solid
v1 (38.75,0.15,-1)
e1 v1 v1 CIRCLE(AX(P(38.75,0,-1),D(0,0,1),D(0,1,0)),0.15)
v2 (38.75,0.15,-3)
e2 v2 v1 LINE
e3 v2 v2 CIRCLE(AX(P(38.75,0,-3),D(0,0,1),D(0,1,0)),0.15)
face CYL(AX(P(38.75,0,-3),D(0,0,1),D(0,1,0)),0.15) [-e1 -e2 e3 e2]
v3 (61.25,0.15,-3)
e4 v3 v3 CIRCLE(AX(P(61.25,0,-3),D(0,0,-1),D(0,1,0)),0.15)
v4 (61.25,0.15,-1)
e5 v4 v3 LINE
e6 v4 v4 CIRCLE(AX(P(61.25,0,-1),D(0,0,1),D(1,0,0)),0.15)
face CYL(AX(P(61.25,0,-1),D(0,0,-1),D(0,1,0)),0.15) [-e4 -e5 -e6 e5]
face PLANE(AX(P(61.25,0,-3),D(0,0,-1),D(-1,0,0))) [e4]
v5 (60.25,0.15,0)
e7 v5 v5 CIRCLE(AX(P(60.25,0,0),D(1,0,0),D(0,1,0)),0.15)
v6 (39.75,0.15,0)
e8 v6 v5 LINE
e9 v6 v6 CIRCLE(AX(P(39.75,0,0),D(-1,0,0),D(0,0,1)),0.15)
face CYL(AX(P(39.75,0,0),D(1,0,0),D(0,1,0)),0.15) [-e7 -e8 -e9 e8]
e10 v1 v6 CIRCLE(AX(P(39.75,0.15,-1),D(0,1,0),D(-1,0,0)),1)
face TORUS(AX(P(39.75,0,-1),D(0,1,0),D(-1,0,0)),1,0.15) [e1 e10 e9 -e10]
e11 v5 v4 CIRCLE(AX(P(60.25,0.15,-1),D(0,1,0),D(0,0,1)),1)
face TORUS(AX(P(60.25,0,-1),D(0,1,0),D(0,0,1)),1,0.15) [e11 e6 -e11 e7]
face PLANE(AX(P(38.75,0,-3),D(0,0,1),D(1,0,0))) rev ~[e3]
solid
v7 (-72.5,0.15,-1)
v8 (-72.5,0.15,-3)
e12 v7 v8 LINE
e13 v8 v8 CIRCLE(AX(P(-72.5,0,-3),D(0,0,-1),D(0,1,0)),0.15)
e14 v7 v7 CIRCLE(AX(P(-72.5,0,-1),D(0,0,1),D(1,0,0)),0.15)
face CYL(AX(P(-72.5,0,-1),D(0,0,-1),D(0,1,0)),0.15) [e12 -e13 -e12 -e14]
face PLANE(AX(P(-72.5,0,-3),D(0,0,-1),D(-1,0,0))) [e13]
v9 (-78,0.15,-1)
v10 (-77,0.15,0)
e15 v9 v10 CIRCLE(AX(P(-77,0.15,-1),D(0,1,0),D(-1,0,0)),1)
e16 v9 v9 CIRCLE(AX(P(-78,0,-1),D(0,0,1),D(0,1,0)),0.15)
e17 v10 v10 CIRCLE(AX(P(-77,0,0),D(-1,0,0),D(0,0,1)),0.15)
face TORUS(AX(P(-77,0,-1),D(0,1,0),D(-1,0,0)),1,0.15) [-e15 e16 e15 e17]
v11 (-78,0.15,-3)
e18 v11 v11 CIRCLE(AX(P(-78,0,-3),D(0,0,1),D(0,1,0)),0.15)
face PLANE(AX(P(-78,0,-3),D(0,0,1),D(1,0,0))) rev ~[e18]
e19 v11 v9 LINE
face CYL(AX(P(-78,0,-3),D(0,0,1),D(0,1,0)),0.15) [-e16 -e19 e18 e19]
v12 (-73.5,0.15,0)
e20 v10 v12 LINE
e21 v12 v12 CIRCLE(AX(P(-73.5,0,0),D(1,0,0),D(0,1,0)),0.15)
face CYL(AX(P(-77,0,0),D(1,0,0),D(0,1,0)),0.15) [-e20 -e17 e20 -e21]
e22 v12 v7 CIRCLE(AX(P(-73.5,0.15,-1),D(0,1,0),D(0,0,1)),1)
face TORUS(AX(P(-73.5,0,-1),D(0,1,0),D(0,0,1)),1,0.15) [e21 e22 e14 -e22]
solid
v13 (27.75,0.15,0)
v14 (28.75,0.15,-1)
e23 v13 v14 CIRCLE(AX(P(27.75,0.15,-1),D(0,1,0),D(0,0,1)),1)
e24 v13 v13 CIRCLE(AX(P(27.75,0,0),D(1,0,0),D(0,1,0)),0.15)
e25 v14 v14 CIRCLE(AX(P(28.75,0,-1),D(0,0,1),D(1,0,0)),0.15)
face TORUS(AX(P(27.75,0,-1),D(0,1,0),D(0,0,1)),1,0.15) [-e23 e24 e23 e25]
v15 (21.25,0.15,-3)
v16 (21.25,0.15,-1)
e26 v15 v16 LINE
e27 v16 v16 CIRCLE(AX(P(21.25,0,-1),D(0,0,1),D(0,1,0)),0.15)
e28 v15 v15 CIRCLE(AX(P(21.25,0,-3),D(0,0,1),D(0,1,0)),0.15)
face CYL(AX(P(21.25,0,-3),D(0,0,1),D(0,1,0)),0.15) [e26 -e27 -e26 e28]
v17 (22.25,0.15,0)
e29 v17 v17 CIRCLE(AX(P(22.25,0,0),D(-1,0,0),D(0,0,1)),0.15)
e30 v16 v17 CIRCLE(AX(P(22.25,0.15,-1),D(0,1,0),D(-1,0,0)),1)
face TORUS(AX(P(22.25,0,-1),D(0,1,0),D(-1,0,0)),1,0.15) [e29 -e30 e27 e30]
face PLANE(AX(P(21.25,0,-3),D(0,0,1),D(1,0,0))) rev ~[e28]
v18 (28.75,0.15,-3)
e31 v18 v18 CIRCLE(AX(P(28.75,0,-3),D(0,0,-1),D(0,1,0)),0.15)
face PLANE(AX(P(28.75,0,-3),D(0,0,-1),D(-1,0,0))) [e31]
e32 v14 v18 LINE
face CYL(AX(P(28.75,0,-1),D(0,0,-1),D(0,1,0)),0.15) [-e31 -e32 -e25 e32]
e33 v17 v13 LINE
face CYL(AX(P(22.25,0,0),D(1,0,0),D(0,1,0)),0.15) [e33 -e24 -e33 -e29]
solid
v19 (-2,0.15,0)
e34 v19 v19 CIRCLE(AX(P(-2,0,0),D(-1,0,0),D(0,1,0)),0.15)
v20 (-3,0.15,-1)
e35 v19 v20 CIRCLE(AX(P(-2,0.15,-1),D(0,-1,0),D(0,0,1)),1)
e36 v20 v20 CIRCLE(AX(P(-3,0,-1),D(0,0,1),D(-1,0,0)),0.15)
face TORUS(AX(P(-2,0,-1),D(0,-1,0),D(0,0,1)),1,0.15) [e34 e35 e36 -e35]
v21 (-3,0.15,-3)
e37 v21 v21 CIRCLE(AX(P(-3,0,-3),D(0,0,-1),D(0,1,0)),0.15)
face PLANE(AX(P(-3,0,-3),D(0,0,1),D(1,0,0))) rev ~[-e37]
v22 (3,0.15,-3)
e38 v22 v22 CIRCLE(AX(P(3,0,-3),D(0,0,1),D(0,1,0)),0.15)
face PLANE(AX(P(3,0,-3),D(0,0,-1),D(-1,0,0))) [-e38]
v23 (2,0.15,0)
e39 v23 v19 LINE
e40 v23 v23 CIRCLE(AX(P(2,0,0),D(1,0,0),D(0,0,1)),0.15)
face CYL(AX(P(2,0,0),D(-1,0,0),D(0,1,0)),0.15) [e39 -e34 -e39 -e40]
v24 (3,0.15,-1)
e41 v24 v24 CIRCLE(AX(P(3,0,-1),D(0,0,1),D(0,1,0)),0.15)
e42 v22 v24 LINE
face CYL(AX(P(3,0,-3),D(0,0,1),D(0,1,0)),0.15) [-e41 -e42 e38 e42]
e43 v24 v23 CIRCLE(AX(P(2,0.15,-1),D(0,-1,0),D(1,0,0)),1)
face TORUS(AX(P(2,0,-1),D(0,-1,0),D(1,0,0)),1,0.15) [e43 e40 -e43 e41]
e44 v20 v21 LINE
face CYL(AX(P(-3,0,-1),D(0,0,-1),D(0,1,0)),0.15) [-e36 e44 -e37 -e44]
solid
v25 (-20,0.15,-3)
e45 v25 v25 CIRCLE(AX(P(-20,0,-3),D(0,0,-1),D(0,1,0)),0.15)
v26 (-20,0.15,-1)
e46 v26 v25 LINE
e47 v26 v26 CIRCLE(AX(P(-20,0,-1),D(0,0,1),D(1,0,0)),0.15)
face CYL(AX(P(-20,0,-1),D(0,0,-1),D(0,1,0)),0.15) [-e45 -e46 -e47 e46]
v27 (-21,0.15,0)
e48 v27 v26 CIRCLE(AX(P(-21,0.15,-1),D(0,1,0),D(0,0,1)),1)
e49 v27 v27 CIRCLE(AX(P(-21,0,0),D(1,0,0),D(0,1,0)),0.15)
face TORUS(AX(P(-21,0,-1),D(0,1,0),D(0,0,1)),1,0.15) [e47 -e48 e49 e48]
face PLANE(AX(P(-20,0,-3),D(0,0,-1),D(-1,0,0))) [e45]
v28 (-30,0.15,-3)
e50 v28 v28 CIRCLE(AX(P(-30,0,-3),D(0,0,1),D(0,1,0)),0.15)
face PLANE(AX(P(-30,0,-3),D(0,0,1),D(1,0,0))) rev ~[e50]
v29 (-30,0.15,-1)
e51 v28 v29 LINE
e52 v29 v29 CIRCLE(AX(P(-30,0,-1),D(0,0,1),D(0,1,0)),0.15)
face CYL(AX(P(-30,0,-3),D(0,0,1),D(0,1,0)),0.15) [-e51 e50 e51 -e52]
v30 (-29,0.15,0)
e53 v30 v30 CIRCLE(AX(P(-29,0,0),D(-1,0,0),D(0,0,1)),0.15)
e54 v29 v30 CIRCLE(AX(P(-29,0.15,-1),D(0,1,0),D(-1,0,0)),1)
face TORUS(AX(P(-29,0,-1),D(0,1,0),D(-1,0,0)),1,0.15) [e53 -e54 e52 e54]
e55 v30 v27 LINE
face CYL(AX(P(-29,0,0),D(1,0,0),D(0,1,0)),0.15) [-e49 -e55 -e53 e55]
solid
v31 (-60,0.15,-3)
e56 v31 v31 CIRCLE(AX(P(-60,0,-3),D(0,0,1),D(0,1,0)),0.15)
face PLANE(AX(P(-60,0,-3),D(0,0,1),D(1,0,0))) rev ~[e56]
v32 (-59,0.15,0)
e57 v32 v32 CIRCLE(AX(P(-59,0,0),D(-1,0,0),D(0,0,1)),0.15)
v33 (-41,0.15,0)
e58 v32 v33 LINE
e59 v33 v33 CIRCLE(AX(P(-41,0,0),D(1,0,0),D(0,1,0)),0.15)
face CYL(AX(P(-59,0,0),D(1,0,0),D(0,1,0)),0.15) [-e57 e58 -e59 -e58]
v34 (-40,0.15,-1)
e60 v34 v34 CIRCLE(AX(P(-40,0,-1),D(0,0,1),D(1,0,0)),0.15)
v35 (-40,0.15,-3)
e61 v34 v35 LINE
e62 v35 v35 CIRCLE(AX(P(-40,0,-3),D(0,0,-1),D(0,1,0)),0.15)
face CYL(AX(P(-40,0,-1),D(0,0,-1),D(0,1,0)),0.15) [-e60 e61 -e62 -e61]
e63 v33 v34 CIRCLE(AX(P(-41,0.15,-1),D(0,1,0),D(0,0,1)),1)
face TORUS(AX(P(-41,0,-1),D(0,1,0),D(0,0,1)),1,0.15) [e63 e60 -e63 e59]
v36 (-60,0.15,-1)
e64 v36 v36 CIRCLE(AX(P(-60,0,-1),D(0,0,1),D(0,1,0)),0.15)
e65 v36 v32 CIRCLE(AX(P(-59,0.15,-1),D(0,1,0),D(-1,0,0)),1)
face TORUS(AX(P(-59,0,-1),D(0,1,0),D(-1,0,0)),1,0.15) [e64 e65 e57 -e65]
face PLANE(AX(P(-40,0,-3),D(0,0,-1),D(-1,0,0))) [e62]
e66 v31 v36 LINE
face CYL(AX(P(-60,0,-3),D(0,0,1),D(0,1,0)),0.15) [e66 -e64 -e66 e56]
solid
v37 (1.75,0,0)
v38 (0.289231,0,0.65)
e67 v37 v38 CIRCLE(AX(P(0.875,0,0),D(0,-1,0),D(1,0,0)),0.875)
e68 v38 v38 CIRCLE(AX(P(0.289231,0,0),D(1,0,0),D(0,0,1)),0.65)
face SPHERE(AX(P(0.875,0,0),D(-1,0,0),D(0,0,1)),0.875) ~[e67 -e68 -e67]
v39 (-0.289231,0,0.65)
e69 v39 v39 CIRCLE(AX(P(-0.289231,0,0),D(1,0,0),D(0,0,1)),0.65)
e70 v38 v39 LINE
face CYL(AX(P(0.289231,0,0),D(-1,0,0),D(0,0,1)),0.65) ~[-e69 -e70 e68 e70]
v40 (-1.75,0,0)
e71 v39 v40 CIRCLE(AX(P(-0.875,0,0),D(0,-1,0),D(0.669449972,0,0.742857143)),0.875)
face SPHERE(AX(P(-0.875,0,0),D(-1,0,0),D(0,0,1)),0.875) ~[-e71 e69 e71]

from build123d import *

# Parameters (mm, degrees)
F3_R  = 0.15
F9_R  = 0.15
F10_R = 0.15
F17_R = 0.15
F18_R = 0.15
F23_R = 0.15


with BuildPart() as f1:
    # F0 (on Front) → F1 (revolve)
    with BuildSketch(Plane.XZ):
        with BuildLine():
            ThreePointArc((-0.2892312743, 0.65), (-1.2307227607, 0.7994287445), (-1.75, 0))
            Line((-1.75, 0), (-0.875, 0))
            Line((-0.875, 0), (-0.875, 0.65))
            Line((-0.875, 0.65), (-0.2892312743, 0.65))
        make_face()
        with BuildLine():
            Line((-0.875, 0), (0, 0))
            ThreePointArc((0, 0), (-0.0755712555, 0.3557227607), (-0.2892312743, 0.65))
            Line((-0.2892312743, 0.65), (-0.875, 0.65))
            Line((-0.875, 0.65), (-0.875, 0))
        make_face()
        with BuildLine():
            Line((0, 0), (0.875, 0))
            Line((0.875, 0), (0.875, 0.65))
            Line((0.875, 0.65), (0.2892312743, 0.65))
            ThreePointArc((0.2892312743, 0.65), (0.0755712555, 0.3557227607), (0, 0))
        make_face()
        with BuildLine():
            Line((0.875, 0.65), (0.875, 0))
            Line((0.875, 0), (1.75, 0))
            ThreePointArc((1.75, 0), (1.2307227607, 0.7994287445), (0.2892312743, 0.65))
            Line((0.2892312743, 0.65), (0.875, 0.65))
        make_face()
        with BuildLine():
            ThreePointArc((-0.2892312743, 0.65), (-0.0755712555, 0.3557227607), (0, 0))
            ThreePointArc((0, 0), (0.0755712555, 0.3557227607), (0.2892312743, 0.65))
            Line((0.2892312743, 0.65), (-0.2892312743, 0.65))
        make_face()
    revolve(axis=Axis((0, 0, 0), (1, 0, 0)))


with BuildPart() as f4:
    # F4: sweep along a path in F2
    with BuildLine(Plane.XZ) as f4_path:
        Line((3, -3), (3, -1))
        ThreePointArc((3, -1), (2.7071067812, -0.2928932188), (2, 0))
        Line((2, 0), (0, 0))
        Line((0, 0), (-2, 0))
        ThreePointArc((-2, 0), (-2.7071067812, -0.2928932188), (-3, -1))
        Line((-3, -1), (-3, -3))
    # F3 (on Right) → F4 (sweep)
    with BuildSketch(Plane.YZ):
        Circle(F3_R)
    sweep(path=f4_path.line)


with BuildPart() as f11:
    # F11: sweep along a path in F7
    with BuildLine(Plane.XZ) as f11_path:
        Line((21.25, -3), (21.25, -1))
        ThreePointArc((21.25, -1), (21.5428932188, -0.2928932188), (22.25, 0))
        Line((22.25, 0), (25, 0))
        Line((25, 0), (27.75, 0))
        ThreePointArc((27.75, 0), (28.4571067812, -0.2928932188), (28.75, -1))
        Line((28.75, -1), (28.75, -3))
    # F9 (on offset) → F11 (sweep)
    with BuildSketch(Plane.YZ.offset(25)):
        Circle(F9_R)
    sweep(path=f11_path.line)


with BuildPart() as f12:
    # F12: sweep along a path in F8
    with BuildLine(Plane.XZ) as f12_path:
        Line((38.75, -3), (38.75, -1))
        ThreePointArc((38.75, -1), (39.0428932188, -0.2928932188), (39.75, 0))
        Line((39.75, 0), (50, 0))
        Line((50, 0), (60.25, 0))
        ThreePointArc((60.25, 0), (60.9571067812, -0.2928932188), (61.25, -1))
        Line((61.25, -1), (61.25, -3))
    # F10 (on offset) → F12 (sweep)
    with BuildSketch(Plane.YZ.offset(50)):
        Circle(F10_R)
    sweep(path=f12_path.line)


with BuildPart() as f19:
    # F19: sweep along a path in F15
    with BuildLine(Plane.XZ) as f19_path:
        Line((-30, -3), (-30, -1))
        ThreePointArc((-30, -1), (-29.7071067812, -0.2928932188), (-29, 0))
        Line((-29, 0), (-25, 0))
        Line((-25, 0), (-21, 0))
        ThreePointArc((-21, 0), (-20.2928932188, -0.2928932188), (-20, -1))
        Line((-20, -1), (-20, -3))
    # F17 (on offset) → F19 (sweep)
    with BuildSketch(Plane.YZ.offset(-25)):
        Circle(F17_R)
    sweep(path=f19_path.line)


with BuildPart() as f20:
    # F20: sweep along a path in F16
    with BuildLine(Plane.XZ) as f20_path:
        Line((-60, -3), (-60, -1))
        ThreePointArc((-60, -1), (-59.7071067812, -0.2928932188), (-59, 0))
        Line((-59, 0), (-50, 0))
        Line((-50, 0), (-41, 0))
        ThreePointArc((-41, 0), (-40.2928932188, -0.2928932188), (-40, -1))
        Line((-40, -1), (-40, -3))
    # F18 (on offset) → F20 (sweep)
    with BuildSketch(Plane.YZ.offset(-50)):
        Circle(F18_R)
    sweep(path=f20_path.line)


with BuildPart() as f24:
    # F24: sweep along a path in F22
    with BuildLine(Plane.XZ) as f24_path:
        Line((-78, -3), (-78, -1))
        ThreePointArc((-78, -1), (-77.7071067812, -0.2928932188), (-77, 0))
        Line((-77, 0), (-75, 0))
        Line((-75, 0), (-73.5, 0))
        ThreePointArc((-73.5, 0), (-72.7928932188, -0.2928932188), (-72.5, -1))
        Line((-72.5, -1), (-72.5, -3))
    # F23 (on offset) → F24 (sweep)
    with BuildSketch(Plane.YZ.offset(-75)):
        Circle(F23_R)
    sweep(path=f24_path.line)


solid = Compound([f1.part, f4.part, f11.part, f12.part, f19.part, f20.part, f24.part])
